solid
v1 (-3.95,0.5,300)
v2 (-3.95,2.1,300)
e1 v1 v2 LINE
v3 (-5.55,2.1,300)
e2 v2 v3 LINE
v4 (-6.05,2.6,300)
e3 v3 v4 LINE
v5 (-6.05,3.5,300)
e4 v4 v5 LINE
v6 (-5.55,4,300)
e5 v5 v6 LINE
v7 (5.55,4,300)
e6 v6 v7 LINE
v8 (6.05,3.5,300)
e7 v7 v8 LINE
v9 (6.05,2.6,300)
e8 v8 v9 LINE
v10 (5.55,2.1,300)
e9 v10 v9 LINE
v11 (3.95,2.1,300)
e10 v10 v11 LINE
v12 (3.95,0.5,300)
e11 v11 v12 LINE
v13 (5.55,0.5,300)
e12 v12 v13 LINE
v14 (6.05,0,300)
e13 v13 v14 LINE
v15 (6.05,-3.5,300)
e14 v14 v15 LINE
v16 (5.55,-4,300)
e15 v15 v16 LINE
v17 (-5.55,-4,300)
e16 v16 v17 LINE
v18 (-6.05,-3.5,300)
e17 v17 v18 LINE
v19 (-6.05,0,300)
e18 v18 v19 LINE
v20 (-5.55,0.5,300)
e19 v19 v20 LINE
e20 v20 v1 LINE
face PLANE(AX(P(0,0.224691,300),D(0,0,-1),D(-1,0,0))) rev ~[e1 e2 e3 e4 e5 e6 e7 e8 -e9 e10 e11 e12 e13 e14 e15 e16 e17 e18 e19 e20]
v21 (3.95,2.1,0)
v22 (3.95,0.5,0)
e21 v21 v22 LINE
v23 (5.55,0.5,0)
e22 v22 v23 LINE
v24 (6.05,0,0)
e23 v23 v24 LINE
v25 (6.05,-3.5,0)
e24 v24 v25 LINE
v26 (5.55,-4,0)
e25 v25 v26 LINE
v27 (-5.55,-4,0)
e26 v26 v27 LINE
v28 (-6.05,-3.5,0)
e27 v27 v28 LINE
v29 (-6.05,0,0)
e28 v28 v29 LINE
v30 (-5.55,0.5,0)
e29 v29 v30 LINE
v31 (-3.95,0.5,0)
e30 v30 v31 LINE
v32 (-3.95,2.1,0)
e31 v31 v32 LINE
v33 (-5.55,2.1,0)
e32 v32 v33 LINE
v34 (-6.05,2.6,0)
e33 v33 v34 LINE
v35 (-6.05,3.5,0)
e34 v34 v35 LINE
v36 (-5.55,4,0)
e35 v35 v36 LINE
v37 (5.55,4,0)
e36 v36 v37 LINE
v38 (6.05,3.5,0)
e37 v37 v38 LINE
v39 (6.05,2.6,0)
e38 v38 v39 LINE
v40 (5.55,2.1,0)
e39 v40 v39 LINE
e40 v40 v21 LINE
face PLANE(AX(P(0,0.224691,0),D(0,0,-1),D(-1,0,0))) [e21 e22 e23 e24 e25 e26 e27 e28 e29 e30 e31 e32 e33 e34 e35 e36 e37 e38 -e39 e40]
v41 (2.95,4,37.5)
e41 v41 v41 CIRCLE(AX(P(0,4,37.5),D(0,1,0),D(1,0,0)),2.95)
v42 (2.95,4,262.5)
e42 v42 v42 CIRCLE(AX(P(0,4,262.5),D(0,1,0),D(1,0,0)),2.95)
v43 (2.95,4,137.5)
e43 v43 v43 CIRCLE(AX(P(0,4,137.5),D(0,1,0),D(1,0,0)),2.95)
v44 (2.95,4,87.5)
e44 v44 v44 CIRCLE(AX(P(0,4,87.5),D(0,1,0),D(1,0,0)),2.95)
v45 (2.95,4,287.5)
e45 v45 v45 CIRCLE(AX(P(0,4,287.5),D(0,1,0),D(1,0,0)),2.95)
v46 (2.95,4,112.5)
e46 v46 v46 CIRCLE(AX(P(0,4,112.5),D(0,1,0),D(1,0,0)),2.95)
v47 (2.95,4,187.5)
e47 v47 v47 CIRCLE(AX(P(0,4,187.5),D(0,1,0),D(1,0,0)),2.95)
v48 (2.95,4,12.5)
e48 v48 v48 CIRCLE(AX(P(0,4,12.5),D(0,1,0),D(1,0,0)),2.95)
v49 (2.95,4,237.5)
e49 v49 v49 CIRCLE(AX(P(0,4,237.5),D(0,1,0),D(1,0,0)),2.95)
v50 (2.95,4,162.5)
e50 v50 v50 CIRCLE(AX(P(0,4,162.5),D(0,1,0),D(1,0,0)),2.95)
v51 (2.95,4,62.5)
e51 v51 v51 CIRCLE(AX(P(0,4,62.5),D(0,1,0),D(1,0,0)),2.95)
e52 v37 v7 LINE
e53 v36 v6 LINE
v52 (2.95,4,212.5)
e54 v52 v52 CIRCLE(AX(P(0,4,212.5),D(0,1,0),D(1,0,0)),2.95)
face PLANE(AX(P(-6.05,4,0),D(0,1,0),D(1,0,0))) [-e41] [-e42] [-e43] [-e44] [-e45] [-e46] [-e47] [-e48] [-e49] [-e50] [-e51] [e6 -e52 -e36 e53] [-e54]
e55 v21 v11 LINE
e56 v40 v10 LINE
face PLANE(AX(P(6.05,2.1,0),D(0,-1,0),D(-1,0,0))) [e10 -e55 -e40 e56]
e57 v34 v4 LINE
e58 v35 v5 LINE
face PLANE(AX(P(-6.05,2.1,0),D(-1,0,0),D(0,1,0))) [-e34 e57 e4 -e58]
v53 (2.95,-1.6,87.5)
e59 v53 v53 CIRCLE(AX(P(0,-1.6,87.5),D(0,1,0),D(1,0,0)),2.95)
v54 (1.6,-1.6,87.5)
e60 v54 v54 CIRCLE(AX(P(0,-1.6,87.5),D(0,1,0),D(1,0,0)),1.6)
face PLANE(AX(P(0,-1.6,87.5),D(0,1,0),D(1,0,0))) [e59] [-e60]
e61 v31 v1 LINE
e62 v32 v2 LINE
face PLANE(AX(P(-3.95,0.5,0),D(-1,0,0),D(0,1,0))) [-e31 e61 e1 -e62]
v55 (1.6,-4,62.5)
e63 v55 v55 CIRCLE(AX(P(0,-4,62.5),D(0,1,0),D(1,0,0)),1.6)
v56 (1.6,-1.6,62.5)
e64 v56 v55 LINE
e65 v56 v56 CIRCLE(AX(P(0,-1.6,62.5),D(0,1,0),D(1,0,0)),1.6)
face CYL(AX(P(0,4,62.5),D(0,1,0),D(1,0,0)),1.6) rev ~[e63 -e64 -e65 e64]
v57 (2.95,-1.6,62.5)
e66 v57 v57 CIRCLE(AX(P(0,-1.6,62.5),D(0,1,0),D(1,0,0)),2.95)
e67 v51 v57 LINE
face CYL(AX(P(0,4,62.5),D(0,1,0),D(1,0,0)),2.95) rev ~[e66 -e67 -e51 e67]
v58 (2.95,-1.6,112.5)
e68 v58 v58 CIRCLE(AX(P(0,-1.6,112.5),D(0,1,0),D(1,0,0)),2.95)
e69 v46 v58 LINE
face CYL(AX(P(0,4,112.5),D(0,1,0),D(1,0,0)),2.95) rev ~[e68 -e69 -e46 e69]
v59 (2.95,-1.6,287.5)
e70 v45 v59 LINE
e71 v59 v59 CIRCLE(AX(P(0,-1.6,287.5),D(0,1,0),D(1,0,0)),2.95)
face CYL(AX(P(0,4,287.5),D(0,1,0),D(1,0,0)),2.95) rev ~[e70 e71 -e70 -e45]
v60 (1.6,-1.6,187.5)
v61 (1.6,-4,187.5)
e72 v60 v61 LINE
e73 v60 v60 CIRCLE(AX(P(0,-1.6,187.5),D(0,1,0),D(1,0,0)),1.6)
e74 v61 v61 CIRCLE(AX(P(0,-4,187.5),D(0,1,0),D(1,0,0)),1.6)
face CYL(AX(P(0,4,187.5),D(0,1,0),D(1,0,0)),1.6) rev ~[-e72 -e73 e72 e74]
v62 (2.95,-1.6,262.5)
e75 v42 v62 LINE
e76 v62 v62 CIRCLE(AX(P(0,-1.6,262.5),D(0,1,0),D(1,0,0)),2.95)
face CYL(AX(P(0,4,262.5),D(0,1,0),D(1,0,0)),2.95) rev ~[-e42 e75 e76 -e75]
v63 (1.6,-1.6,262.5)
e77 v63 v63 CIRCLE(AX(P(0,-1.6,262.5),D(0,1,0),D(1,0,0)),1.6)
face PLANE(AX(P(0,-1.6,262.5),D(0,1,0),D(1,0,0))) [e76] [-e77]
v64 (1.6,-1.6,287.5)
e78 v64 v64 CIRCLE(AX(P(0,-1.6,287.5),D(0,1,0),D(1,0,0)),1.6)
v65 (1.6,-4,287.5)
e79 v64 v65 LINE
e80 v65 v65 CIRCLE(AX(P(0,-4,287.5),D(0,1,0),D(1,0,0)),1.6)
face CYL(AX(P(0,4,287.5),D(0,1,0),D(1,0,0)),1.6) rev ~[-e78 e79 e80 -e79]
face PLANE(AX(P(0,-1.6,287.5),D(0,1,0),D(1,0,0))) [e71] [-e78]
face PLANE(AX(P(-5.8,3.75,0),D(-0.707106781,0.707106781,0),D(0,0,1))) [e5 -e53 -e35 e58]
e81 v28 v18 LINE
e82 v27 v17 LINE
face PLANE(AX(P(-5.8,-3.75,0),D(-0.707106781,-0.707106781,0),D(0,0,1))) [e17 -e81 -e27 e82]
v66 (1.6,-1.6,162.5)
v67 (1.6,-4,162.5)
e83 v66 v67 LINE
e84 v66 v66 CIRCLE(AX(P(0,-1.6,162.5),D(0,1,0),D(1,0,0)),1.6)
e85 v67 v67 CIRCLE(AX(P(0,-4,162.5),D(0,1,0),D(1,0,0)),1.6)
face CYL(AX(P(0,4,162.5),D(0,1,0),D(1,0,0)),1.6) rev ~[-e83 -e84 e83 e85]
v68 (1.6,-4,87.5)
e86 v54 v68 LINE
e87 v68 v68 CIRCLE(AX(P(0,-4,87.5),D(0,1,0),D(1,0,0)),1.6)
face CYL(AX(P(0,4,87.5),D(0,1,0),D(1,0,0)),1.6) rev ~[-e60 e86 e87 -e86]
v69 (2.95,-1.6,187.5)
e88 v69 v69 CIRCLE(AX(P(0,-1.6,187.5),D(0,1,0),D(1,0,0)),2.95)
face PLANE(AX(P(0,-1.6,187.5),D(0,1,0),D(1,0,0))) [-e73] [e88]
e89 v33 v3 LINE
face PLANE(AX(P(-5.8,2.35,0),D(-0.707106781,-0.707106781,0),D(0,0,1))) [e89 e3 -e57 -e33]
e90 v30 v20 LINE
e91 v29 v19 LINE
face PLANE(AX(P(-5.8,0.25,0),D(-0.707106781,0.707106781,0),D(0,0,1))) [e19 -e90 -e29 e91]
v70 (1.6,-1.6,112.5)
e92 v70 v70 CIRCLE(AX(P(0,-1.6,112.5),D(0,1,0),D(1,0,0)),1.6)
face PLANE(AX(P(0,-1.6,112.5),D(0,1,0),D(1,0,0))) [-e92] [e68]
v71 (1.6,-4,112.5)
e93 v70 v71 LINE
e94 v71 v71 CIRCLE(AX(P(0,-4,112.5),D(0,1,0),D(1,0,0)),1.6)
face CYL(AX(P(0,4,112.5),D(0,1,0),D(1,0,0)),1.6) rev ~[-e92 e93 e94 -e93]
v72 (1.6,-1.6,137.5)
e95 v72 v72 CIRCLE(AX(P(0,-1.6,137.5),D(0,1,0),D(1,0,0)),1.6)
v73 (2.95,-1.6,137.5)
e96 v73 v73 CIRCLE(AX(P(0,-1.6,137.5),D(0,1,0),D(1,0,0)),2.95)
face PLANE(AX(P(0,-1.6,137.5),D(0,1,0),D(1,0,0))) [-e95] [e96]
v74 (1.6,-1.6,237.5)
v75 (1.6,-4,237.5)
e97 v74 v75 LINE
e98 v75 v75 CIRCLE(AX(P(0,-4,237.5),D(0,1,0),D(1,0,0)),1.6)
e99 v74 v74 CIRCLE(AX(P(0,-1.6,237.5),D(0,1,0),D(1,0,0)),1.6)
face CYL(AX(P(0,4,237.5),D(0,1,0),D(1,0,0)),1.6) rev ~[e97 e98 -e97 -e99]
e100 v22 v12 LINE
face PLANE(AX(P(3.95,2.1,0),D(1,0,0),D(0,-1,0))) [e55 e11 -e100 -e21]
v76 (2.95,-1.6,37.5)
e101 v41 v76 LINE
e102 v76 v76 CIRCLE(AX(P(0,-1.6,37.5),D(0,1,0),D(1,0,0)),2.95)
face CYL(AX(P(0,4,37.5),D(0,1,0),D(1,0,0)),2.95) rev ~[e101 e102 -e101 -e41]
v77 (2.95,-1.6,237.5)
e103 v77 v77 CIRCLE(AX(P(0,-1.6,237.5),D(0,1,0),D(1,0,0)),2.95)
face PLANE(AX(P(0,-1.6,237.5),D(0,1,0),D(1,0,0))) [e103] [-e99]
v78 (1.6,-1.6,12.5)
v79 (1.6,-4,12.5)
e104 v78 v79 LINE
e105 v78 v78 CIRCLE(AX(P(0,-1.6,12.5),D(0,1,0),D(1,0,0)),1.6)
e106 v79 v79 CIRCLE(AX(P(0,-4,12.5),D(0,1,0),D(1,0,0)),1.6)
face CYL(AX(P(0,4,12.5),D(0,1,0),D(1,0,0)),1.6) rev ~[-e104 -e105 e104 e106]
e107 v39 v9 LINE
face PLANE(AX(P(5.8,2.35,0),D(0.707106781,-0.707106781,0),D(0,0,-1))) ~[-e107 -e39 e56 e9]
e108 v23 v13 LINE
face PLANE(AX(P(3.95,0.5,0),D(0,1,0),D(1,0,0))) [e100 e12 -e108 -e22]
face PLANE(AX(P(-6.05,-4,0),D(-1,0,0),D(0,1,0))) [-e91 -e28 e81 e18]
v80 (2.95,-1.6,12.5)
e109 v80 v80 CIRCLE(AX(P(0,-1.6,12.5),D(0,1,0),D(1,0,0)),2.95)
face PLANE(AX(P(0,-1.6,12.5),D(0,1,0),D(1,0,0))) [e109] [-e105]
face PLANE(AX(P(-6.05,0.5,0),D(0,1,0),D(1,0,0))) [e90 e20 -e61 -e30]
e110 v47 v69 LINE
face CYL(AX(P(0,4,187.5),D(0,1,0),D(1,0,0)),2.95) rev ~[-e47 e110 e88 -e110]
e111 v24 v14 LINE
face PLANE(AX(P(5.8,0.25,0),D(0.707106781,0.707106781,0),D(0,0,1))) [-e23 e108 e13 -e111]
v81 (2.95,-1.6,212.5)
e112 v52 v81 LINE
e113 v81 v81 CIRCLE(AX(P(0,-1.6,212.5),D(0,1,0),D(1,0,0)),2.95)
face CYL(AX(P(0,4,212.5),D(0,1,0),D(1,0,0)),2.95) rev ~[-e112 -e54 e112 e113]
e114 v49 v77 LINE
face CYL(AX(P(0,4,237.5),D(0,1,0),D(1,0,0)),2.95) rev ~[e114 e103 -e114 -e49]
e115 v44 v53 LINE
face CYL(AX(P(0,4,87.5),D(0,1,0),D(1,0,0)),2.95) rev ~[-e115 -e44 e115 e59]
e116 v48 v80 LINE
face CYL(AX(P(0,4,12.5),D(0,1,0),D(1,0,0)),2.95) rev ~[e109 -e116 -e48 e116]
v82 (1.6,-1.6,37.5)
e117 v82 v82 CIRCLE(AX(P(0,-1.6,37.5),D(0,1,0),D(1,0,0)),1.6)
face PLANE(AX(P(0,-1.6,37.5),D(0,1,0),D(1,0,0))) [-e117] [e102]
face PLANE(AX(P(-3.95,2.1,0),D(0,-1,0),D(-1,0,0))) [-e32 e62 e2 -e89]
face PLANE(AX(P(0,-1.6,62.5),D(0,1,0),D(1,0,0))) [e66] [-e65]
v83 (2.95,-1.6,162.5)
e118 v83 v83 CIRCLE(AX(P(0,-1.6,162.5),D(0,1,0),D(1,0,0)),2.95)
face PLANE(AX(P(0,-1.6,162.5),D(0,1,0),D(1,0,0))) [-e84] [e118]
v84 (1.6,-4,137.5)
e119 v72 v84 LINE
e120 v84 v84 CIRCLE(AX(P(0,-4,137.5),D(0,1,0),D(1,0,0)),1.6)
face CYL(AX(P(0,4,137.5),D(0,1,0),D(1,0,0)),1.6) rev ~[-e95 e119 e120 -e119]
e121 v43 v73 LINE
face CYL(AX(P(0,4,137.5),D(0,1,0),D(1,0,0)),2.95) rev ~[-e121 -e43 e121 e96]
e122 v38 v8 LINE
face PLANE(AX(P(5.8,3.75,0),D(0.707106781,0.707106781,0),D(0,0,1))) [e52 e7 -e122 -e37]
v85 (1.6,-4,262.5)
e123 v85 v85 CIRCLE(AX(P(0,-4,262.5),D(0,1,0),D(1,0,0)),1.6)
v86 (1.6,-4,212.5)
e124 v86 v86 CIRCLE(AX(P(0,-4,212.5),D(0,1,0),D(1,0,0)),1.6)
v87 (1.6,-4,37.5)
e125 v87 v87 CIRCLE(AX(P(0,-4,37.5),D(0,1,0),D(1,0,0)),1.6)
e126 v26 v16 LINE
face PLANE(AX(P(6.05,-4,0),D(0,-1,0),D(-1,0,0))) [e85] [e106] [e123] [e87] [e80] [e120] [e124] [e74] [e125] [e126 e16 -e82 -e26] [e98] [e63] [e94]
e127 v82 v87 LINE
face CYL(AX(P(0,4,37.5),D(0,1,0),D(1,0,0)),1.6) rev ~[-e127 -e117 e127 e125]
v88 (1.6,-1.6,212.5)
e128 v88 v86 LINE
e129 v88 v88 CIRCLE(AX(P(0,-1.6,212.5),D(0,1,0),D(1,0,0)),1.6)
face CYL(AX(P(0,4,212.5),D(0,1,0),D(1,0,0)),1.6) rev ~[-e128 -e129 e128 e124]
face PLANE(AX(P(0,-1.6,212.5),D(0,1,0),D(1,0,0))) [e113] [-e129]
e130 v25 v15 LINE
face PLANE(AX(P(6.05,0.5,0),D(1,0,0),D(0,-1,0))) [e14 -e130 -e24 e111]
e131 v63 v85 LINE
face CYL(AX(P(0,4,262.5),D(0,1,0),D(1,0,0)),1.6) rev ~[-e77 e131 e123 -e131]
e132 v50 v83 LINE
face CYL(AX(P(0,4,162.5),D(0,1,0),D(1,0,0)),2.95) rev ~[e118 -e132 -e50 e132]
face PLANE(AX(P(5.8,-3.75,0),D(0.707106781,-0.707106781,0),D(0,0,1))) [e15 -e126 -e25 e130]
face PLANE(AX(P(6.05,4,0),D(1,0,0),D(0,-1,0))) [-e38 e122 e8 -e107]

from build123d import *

# Parameters (mm, degrees)
BOSS_EXTRUDE1_DEPTH  = 300
CHAMFER1_SIZE        = 0.5
SKETCH2_R            = 2.95
CUT_EXTRUDE1_DEPTH   = 5.6
LPATTERN1_COUNT      = 6
LPATTERN1_PITCH      = 25
LPATTERN2_COUNT      = 7
LPATTERN2_PITCH      = 25
SKETCH3_R            = 1.6
CUT_EXTRUDE2_DEPTH   = 9
LPATTERN3_COUNT      = 7
LPATTERN3_PITCH      = 25
LPATTERN3_COUNT_DIR2 = 6
LPATTERN3_PITCH_DIR2 = 25


with BuildPart() as part:
    # Sketch1 → Boss-Extrude1 (new body)
    with BuildSketch(Plane.XY):
        Polygon((6.05, 2.1), (3.95, 2.1), (3.95, 0.5), (6.05, 0.5), (6.05, -4), (-6.05, -4), (-6.05, 0.5), (-3.95, 0.5), (-3.95, 2.1), (-6.05, 2.1), (-6.05, 4), (6.05, 4), align=None)
    extrude(amount=BOSS_EXTRUDE1_DEPTH)

    # Chamfer1
    chamfer1_edges = [part.edges().sort_by_distance(p)[0] for p in [
        (6.05, -4, 150),
        (-6.05, -4, 150),
        (-6.05, 0.5, 150),
        (-6.05, 2.1, 150),
        (-6.05, 4, 150),
        (6.05, 4, 150),
        (6.05, 2.1, 150),
        (6.05, 0.5, 150),
    ]]
    chamfer(chamfer1_edges, length=CHAMFER1_SIZE)

    # Sketch2 → Cut-Extrude1 (cut)
    with BuildSketch(Plane(origin=(0, 4, 0), x_dir=(1, 0, 0), z_dir=(0, 1, 0))):
        with Locations((0, -137.5)):
            Circle(SKETCH2_R)
        with Locations((0, -162.5)):
            Circle(SKETCH2_R)
    cut_extrude1 = extrude(amount=-CUT_EXTRUDE1_DEPTH, mode=Mode.SUBTRACT)

    # LPattern1: Cut-Extrude1 ×6
    with Locations(*[(0, 0, i * LPATTERN1_PITCH) for i in range(1, LPATTERN1_COUNT)]):
        add(cut_extrude1, mode=Mode.SUBTRACT)

    # LPattern2: Cut-Extrude1 ×7
    with Locations(*[(0, 0, -i * LPATTERN2_PITCH) for i in range(1, LPATTERN2_COUNT)]):
        add(cut_extrude1, mode=Mode.SUBTRACT)

    # Sketch3 → Cut-Extrude2 (cut, through all)
    with BuildSketch(Plane(origin=(0, 4, 0), x_dir=(1, 0, 0), z_dir=(0, 1, 0))):
        with Locations((0, -162.5)):
            Circle(SKETCH3_R)
        with Locations((0, -137.5)):
            Circle(SKETCH3_R)
    cut_extrude2 = extrude(amount=-CUT_EXTRUDE2_DEPTH, mode=Mode.SUBTRACT)

    # LPattern3: Cut-Extrude2 7 × 6
    with Locations(*[Vector(0, 0, -1) * (i * LPATTERN3_PITCH) + Vector(0, 0, 1) * (j * LPATTERN3_PITCH_DIR2) for i in range(LPATTERN3_COUNT) for j in range(LPATTERN3_COUNT_DIR2) if (i, j) != (0, 0)]):
        add(cut_extrude2, mode=Mode.SUBTRACT)


solid = part.part
